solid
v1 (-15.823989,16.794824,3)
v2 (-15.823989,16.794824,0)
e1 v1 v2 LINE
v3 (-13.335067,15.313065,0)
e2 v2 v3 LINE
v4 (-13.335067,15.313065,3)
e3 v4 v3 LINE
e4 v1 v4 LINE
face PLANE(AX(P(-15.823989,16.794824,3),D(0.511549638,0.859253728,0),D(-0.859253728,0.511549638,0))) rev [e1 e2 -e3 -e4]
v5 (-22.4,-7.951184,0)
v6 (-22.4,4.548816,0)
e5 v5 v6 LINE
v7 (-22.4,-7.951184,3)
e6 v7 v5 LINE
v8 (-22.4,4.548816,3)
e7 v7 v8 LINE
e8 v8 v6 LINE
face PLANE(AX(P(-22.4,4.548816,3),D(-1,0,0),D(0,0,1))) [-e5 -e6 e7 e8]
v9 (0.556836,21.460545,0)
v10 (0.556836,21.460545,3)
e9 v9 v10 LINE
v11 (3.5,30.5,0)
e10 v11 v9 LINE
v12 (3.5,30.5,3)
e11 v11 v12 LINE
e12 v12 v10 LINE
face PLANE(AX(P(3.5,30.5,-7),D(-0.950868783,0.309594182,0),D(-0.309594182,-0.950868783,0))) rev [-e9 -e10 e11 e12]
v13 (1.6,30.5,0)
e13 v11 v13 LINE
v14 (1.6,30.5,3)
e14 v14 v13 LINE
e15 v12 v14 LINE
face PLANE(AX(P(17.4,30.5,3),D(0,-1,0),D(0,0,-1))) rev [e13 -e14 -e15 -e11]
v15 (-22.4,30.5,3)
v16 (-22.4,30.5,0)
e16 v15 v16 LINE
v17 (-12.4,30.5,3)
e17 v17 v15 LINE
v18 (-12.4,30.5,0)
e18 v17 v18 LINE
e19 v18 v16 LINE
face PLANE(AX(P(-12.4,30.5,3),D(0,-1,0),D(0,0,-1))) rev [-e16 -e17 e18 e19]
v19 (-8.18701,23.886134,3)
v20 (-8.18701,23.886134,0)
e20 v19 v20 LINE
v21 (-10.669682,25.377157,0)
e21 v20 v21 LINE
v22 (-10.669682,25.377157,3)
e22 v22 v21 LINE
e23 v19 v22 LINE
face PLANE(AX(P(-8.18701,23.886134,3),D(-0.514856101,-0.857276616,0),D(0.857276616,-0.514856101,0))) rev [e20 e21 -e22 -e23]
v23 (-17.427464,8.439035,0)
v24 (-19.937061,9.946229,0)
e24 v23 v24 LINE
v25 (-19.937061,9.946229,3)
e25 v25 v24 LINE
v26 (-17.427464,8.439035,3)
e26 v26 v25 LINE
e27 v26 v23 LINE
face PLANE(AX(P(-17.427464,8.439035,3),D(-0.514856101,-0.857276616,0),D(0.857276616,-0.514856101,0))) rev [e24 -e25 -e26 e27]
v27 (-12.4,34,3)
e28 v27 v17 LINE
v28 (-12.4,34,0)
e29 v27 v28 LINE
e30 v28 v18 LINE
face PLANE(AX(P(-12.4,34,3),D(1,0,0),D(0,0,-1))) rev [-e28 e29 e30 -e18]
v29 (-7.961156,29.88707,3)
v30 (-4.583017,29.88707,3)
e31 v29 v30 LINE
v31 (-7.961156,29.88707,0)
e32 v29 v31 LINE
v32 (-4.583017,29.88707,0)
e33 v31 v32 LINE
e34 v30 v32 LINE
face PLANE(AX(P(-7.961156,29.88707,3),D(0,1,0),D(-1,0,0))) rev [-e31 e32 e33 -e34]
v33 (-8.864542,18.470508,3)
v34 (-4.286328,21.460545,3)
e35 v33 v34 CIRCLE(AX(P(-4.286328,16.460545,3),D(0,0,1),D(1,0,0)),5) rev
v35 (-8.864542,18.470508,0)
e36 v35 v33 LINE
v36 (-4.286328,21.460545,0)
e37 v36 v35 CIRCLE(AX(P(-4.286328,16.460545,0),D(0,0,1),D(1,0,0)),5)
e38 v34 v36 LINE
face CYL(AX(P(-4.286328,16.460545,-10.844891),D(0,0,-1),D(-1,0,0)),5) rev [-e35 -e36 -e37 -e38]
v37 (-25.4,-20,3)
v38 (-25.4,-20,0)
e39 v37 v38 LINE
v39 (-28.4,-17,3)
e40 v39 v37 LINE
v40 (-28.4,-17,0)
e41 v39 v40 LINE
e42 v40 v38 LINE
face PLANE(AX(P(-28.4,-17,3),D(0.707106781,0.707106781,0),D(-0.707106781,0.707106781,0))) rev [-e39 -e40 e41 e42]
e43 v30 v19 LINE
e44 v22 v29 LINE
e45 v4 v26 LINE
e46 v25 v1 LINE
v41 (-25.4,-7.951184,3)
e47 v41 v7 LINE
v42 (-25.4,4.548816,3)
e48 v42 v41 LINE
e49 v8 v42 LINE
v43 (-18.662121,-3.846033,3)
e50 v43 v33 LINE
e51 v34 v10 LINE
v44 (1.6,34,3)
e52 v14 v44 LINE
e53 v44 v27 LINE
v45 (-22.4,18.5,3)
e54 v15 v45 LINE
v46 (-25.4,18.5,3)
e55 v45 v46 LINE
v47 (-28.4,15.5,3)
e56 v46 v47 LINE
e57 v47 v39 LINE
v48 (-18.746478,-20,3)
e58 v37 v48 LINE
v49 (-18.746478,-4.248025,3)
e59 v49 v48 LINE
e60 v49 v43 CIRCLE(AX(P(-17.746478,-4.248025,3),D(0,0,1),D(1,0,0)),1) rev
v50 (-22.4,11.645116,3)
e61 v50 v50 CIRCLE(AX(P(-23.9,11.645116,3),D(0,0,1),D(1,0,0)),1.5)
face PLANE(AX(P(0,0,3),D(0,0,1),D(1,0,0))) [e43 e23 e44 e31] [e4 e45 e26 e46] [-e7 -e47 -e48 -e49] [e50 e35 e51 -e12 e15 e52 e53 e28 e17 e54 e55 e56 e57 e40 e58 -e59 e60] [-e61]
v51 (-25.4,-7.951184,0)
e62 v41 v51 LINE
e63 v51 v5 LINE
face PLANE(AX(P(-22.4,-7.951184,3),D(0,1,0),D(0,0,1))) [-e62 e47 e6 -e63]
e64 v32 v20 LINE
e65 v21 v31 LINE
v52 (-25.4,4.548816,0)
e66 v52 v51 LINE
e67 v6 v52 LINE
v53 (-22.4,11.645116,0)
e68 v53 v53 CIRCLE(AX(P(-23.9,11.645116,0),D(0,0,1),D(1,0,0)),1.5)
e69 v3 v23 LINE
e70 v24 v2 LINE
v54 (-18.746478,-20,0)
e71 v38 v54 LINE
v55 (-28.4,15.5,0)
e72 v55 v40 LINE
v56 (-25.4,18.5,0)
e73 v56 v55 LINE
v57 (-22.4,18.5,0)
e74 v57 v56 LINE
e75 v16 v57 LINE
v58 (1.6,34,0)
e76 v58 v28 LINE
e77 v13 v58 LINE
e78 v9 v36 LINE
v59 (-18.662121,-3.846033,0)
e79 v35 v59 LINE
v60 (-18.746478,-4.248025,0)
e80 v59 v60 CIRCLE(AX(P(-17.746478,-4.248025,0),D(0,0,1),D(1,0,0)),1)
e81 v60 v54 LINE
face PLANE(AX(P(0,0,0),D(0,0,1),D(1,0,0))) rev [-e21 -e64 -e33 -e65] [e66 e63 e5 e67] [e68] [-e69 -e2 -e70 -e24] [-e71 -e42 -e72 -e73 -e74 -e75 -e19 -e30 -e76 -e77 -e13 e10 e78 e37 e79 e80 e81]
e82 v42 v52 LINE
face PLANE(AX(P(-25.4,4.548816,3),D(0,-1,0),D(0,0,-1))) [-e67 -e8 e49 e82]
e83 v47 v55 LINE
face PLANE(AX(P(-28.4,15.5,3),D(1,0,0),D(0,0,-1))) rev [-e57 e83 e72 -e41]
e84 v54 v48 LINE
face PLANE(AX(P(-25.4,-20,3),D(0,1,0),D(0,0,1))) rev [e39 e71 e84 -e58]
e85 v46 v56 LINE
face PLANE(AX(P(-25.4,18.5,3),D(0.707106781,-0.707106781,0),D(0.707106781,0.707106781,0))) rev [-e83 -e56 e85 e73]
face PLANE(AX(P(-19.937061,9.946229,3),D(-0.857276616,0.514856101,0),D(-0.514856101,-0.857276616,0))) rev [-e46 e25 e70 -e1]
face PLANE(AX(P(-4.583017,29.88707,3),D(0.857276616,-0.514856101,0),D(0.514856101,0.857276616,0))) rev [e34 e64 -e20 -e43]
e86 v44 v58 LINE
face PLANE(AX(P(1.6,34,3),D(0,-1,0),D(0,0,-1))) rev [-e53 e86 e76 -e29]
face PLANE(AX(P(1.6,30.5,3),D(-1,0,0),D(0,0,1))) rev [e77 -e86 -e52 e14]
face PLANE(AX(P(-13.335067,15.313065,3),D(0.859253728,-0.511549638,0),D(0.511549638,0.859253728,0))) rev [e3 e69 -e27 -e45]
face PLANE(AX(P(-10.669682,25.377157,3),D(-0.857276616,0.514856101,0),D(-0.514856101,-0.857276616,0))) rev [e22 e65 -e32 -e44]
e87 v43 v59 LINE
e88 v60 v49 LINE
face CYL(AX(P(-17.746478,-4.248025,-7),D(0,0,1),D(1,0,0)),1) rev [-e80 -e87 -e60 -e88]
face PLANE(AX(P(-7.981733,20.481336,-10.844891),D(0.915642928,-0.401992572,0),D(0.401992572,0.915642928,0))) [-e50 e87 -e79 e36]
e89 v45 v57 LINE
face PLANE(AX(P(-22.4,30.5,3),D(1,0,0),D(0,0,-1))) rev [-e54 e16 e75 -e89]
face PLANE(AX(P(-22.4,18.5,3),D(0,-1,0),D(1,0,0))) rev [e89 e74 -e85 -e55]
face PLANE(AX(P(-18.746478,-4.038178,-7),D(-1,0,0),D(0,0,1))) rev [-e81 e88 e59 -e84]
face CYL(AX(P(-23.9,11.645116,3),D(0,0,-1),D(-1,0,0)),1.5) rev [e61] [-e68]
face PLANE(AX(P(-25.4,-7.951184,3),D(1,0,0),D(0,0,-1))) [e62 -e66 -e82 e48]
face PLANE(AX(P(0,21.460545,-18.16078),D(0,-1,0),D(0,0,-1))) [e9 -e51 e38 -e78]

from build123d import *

# Parameters (mm, degrees)
SKETCH_1_R           = 1.5
SKETCH_1_W           = 3
SKETCH_1_H           = 12.5
EXTRUDE_1_DEPTH      = 3
SKETCH_2_W           = 3
SKETCH_2_H           = 15
SKETCH_2_H_2         = 10
CUT_EXTRUDE_1_DEPTH  = 5
CUT_EXTRUDE_2_DEPTH  = 45.402252195
CUT_EXTRUDE_3_DEPTH  = 10
CUT_EXTRUDE_4_DEPTH  = 10
EXTRUDE_2_DEPTH      = 3
EXTRUDE_3_DEPTH      = 3
CUT_EXTRUDE_5_DEPTH  = 8
FILLET_2_R           = 5
EXTRUDE_START        = -3
EXTRUDE_4_DEPTH      = 3
FILLET_3_R           = 2
EXTRUDE_5_DEPTH      = 3
FILLET_4_R           = 2
CUT_EXTRUDE_6_DEPTH  = 6
CUT_EXTRUDE_7_DEPTH  = 10
CUT_EXTRUDE_8_DEPTH  = 10
SKETCH_17_W          = 7
SKETCH_17_H          = 6.292526031
CUT_EXTRUDE_9_DEPTH  = 5
SKETCH_18_W          = 19.9
SKETCH_18_H          = 3.108254453
CUT_EXTRUDE_10_DEPTH = 45.402252195
EXTRUDE_6_DEPTH      = 3
SKETCH_20_W          = 3
SKETCH_20_H          = 12.985743467
EXTRUDE_7_DEPTH      = 7
EXTRUDE_9_DEPTH      = 3
EXTRUDE_10_DEPTH     = 5
EXTRUDE_11_DEPTH     = 3
FILLET_7_R           = 5
CUT_EXTRUDE_11_DEPTH = 10
FILLET_8_R           = 10
CUT_EXTRUDE_13_DEPTH = 10
SKETCH_32_W          = 3
SKETCH_32_H          = 8.565761419
EXTRUDE_12_DEPTH     = 0.5
FILLET_10_R          = 3
SKETCH_33_W          = 3
SKETCH_33_H          = 9.039454816
CUT_EXTRUDE_14_DEPTH = 5
CUT_EXTRUDE_15_DEPTH = 10
CUT_EXTRUDE_START    = -10
CUT_EXTRUDE_16_DEPTH = 10
CUT_EXTRUDE_18_DEPTH = 3
CUT_EXTRUDE_19_DEPTH = 10
CUT_EXTRUDE_20_DEPTH = 10
FILLET_11_R          = 1


with BuildPart() as part:
    # 草图1 → 凸台-拉伸1 (new body)
    with BuildSketch(Plane.XY):
        Polygon((-28.4, -17), (-25.4, -20), (-22.4, -20), (-22.4, -27.5), (17.4, -27.5), (17.4, -20), (22.4, -20), (22.4, -5), (17.4, -5), (17.4, 10), (22.4, 10), (22.4, 20), (17.4, 20), (17.4, 30.5), (1.6, 30.5), (1.6, 34), (-12.4, 34), (-12.4, 30.5), (-22.4, 30.5), (-22.4, 18.5), (-25.4, 18.5), (-28.4, 15.5), align=None)
        with Locations((-23.9, 11.645115951)):
            Circle(SKETCH_1_R, mode=Mode.SUBTRACT)
        with Locations((-23.9, -1.701184373)):
            Rectangle(SKETCH_1_W, SKETCH_1_H, mode=Mode.SUBTRACT)
        with BuildLine():
            Line((-0.943408492, 20.723063417), (-16.494006981, -16.074007029))
            ThreePointArc((-16.494006981, -16.074007029), (-16.597951499, -16.391745547), (-16.647518347, -16.722359153))
            Line((-16.647518347, -16.722359153), (-16.87747423, -20.247507648))
            ThreePointArc((-16.87747423, -20.247507648), (-16.341232813, -21.745107114), (-14.881716036, -22.377696869))
            Line((-14.881716036, -22.377696869), (7.4, -22.377696869))
            ThreePointArc((7.4, -22.377696869), (8.814213562, -21.791910432), (9.4, -20.377696869))
            Line((9.4, -20.377696869), (9.4, 19.944522071))
            ThreePointArc((9.4, 19.944522071), (8.814213562, 21.358735634), (7.4, 21.944522071))
            Line((7.4, 21.944522071), (0.898838335, 21.944522071))
            ThreePointArc((0.898838335, 21.944522071), (-0.206357871, 21.611417792), (-0.943408492, 20.723063417))
        make_face(mode=Mode.SUBTRACT)
    extrude(amount=EXTRUDE_1_DEPTH)

    # 草图2 → 切除-拉伸1 (cut)
    with BuildSketch(Plane(origin=(22.4, 0, 0), x_dir=(0, 0, -1), z_dir=(1, 0, 0))):
        with Locations((-1.5, -12.5)):
            Rectangle(SKETCH_2_W, SKETCH_2_H)
        with Locations((-1.5, 15)):
            Rectangle(SKETCH_2_W, SKETCH_2_H_2)
    extrude(amount=-CUT_EXTRUDE_1_DEPTH, mode=Mode.SUBTRACT)

    # 草图4 → 切除-拉伸2 (cut, through all)
    with BuildSketch(Plane(origin=(0, 0, 0), x_dir=(-1, 0, 0), z_dir=(0, 0, -1))):
        Polygon((-7.4, 21.944522071), (-17.4, 21.944522071), (-17.4, 1.5), (-9.4, 1.5), align=None)
    extrude(amount=-CUT_EXTRUDE_2_DEPTH, mode=Mode.SUBTRACT)

    # 草图5 → 切除-拉伸3 (cut)
    with BuildSketch(Plane(origin=(0, 0, 0), x_dir=(-1, 0, 0), z_dir=(0, 0, -1))):
        Polygon((-7.4, -22.377696869), (-17.4, -22.377696869), (-17.4, 1.5), (-9.4, 1.5), align=None)
    extrude(amount=-CUT_EXTRUDE_3_DEPTH, mode=Mode.SUBTRACT)

    # 草图6 → 切除-拉伸4 (cut)
    with BuildSketch(Plane(origin=(0, 0, 0), x_dir=(-1, 0, 0), z_dir=(0, 0, -1))):
        Polygon((-0.898838335, 21.944522071), (10.541314431, 21.944522071), (16.597951499, -16.391745547), align=None)
    extrude(amount=-CUT_EXTRUDE_4_DEPTH, mode=Mode.SUBTRACT)

    # 草图8 → 凸台-拉伸2 (add)
    with BuildSketch(Plane(origin=(0, 0, 0), x_dir=(-1, 0, 0), z_dir=(0, 0, -1))):
        with BuildLine():
            Line((14.881716036, -22.377696869), (-17.4, -22.377696869))
            Line((-17.4, -22.377696869), (-17.4, -16.722359153))
            Line((-17.4, -16.722359153), (16.647518347, -16.722359153))
            Line((16.647518347, -16.722359153), (16.87747423, -20.247507648))
            ThreePointArc((16.87747423, -20.247507648), (16.341232813, -21.745107114), (14.881716036, -22.377696869))
        make_face()
    extrude(amount=-EXTRUDE_2_DEPTH)

    # 草图9 → 凸台-拉伸3 (add)
    with BuildSketch(Plane(origin=(0, 0, 0), x_dir=(-1, 0, 0), z_dir=(0, 0, -1))):
        with BuildLine():
            Line((16.647518347, -16.722359153), (-17.4, -16.722359153))
            Line((-17.4, -16.722359153), (-17.4, -16.391745547))
            Line((-17.4, -16.391745547), (16.597951499, -16.391745547))
            ThreePointArc((16.597951499, -16.391745547), (16.629654964, -16.556014871), (16.647518347, -16.722359153))
        make_face()
    extrude(amount=-EXTRUDE_3_DEPTH)

    # 草图10 → 切除-拉伸5 (cut)
    with BuildSketch(Plane(origin=(0, 0, 0), x_dir=(-1, 0, 0), z_dir=(0, 0, -1))):
        Polygon((16.597951499, -16.391745547), (-17.4, -16.391745547), (-17.4, -18.391745547), (16.913925768, -18.391745547), align=None)
    extrude(amount=-CUT_EXTRUDE_5_DEPTH, mode=Mode.SUBTRACT)

    # 圆角2
    fillet_2_edges = [part.edges().sort_by_distance(p)[0] for p in [
        (-10.541314431, 21.944522071, 1.5),
    ]]
    fillet(fillet_2_edges, radius=FILLET_2_R)

    # 草图11 → 凸台-拉伸4 (add)
    with BuildSketch(Plane(origin=(0, 0, 0), x_dir=(-1, 0, 0), z_dir=(0, 0, -1)).offset(EXTRUDE_START)):
        with BuildLine():
            Line((6.269234856, 21.944522071), (11.207979364, 17.724780164))
            ThreePointArc((11.207979364, 17.724780164), (9.517211883, 20.745922501), (6.269234856, 21.944522071))
        make_face()
    extrude(amount=EXTRUDE_4_DEPTH)

    # 圆角3
    fillet_3_edges = [part.edges().sort_by_distance(p)[0] for p in [
        (-6.269234856, 21.944522071, 1.5),
        (-11.207979364, 17.724780164, 1.5),
    ]]
    fillet(fillet_3_edges, radius=FILLET_3_R)

    # 草图12 → 凸台-拉伸5 (add)
    with BuildSketch(Plane.XY.offset(3)):
        with BuildLine():
            Line((-7.981733094, 20.481336322), (-10.646847695, 18.204219992))
            ThreePointArc((-10.646847695, 18.204219992), (-11.092932914, 17.660394983), (-11.323154687, 16.995763057))
            Line((-11.323154687, 16.995763057), (-12.341298757, 10.55128849))
            Line((-12.341298757, 10.55128849), (-7.981733094, 20.481336322))
        make_face()
    extrude(amount=-EXTRUDE_5_DEPTH)

    # 圆角4
    fillet_4_edges = [part.edges().sort_by_distance(p)[0] for p in [
        (-7.981733094, 20.481336322, 1.5),
        (-12.341298757, 10.55128849, 1.5),
    ]]
    fillet(fillet_4_edges, radius=FILLET_4_R)

    # 草图14 → 切除-拉伸6 (cut)
    with BuildSketch(Plane.XY.offset(3)):
        with BuildLine():
            Line((-8.165767584, 20.062149772), (-6.345855602, 24.207473969))
            Line((-6.345855602, 24.207473969), (17.4, 24.207473969))
            Line((17.4, 24.207473969), (17.4, 21.944522071))
            Line((17.4, 21.944522071), (-5.531175714, 21.944522071))
            ThreePointArc((-5.531175714, 21.944522071), (-6.223591649, 21.820837655), (-6.830366525, 21.465082243))
            Line((-6.830366525, 21.465082243), (-7.633672538, 20.7787248))
            ThreePointArc((-7.633672538, 20.7787248), (-7.940203056, 20.450498062), (-8.165767584, 20.062149772))
        make_face()
    extrude(amount=-CUT_EXTRUDE_6_DEPTH, mode=Mode.SUBTRACT)

    # 草图15 → 切除-拉伸7 (cut)
    with BuildSketch(Plane.XY.offset(3)):
        Polygon((17.4, -18.391745547), (17.4, -22.391745547), (-17.545874306, -22.391745547), (-16.913925768, -18.391745547), align=None)
    extrude(amount=-CUT_EXTRUDE_7_DEPTH, mode=Mode.SUBTRACT)

    # 草图16 → 切除-拉伸8 (cut)
    with BuildSketch(Plane.XY.offset(3)):
        Polygon((17.4, -22.391745547), (17.4, -24.391745547), (-17.861848575, -24.391745547), (-17.545874306, -22.391745547), align=None)
    extrude(amount=-CUT_EXTRUDE_8_DEPTH, mode=Mode.SUBTRACT)

    # 草图17 → 切除-拉伸9 (cut)
    with BuildSketch(Plane.XY.offset(3)):
        with Locations((13.9, 27.353736985)):
            Rectangle(SKETCH_17_W, SKETCH_17_H)
    extrude(amount=-CUT_EXTRUDE_9_DEPTH, mode=Mode.SUBTRACT)

    # 草图18 → 切除-拉伸10 (cut, through all)
    with BuildSketch(Plane.XY.offset(3)):
        with Locations((7.45, -25.945872773)):
            Rectangle(SKETCH_18_W, SKETCH_18_H)
    extrude(amount=-CUT_EXTRUDE_10_DEPTH, mode=Mode.SUBTRACT)

    # 草图19 → 凸台-拉伸6 (add)
    with BuildSketch(Plane.XY.offset(3)):
        Polygon((10.4, -27.5), (10.4, -14.514256533), (-16.30133239, -14.514256533), (-17.861848575, -24.391745547), (-2.5, -24.391745547), (-2.5, -27.5), align=None)
    extrude(amount=-EXTRUDE_6_DEPTH)

    # 草图20 → 凸台-拉伸7 (add)
    with BuildSketch(Plane(origin=(10.4, 0, 0), x_dir=(0, 0, -1), z_dir=(1, 0, 0))):
        with Locations((-1.5, -21.007128267)):
            Rectangle(SKETCH_20_W, SKETCH_20_H)
    extrude(amount=EXTRUDE_7_DEPTH)

    # 草图22 → 凸台-拉伸9 (add)
    with BuildSketch(Plane.XY.offset(3)):
        Polygon((-16.220086474, -14), (-16.30133239, -14.514256533), (17.4, -14.514256533), (17.4, -14), align=None)
    extrude(amount=-EXTRUDE_9_DEPTH)

    # 草图23 → 凸台-拉伸10 (add)
    with BuildSketch(Plane(origin=(17.4, 0, 0), x_dir=(0, 0, -1), z_dir=(1, 0, 0))):
        Polygon((0, -16.75), (-3, -16.75), (-3, -20.75), (-3, -24.75), (0, -24.75), align=None)
    extrude(amount=EXTRUDE_10_DEPTH)

    # 草图25 → 凸台-拉伸11 (add)
    with BuildSketch(Plane.XY.offset(3)):
        Polygon((10.4, 21.460545184), (10.4, 24.207473969), (-6.345855602, 24.207473969), (-7.551833319, 21.460545184), align=None)
    extrude(amount=-EXTRUDE_11_DEPTH)

    # 圆角7
    fillet_7_edges = [part.edges().sort_by_distance(p)[0] for p in [
        (-7.551833319, 21.460545184, 1.5),
    ]]
    fillet(fillet_7_edges, radius=FILLET_7_R)

    # 草图26 → 切除-拉伸11 (cut)
    with BuildSketch(Plane.XY.offset(3)):
        Polygon((-16.220086474, -14), (-17.468499422, -21.901991212), (12.322607147, -22.558990573), (12.322607147, -14), align=None)
    extrude(amount=-CUT_EXTRUDE_11_DEPTH, mode=Mode.SUBTRACT)

    # 圆角8
    fillet_8_edges = [part.edges().sort_by_distance(p)[0] for p in [
        (-17.468499422, -21.901991212, 1.5),
    ]]
    fillet(fillet_8_edges, radius=FILLET_8_R)

    # 草图30 → 切除-拉伸13 (cut)
    with BuildSketch(Plane.XY.offset(3)):
        Polygon((13.4, -14), (12.322607147, -14), (12.322607147, -22.558990573), (13.4, -22.565761419), align=None)
    extrude(amount=-CUT_EXTRUDE_13_DEPTH, mode=Mode.SUBTRACT)

    # 草图32 → 凸台-拉伸12 (add)
    with BuildSketch(Plane.ZY.offset(-13.4)):
        with Locations((1.5, -18.282880709)):
            Rectangle(SKETCH_32_W, SKETCH_32_H)
    extrude(amount=EXTRUDE_12_DEPTH)

    # 圆角10
    fillet_10_edges = [part.edges().sort_by_distance(p)[0] for p in [
        (12.9, -22.562619183, 1.5),
    ]]
    fillet(fillet_10_edges, radius=FILLET_10_R)

    # 草图33 → 切除-拉伸14 (cut)
    with BuildSketch(Plane(origin=(10.4, 0, 0), x_dir=(0, 0, -1), z_dir=(1, 0, 0))):
        with Locations((-1.5, 25.980272592)):
            Rectangle(SKETCH_33_W, SKETCH_33_H)
    extrude(amount=-CUT_EXTRUDE_14_DEPTH, mode=Mode.SUBTRACT)

    # 草图34 → 切除-拉伸15 (cut)
    with BuildSketch(Plane.XY.offset(3)):
        Polygon((5.4, 30.5), (3.5, 30.5), (0.556836157, 21.460545184), (5.4, 21.460545184), align=None)
    extrude(amount=-CUT_EXTRUDE_15_DEPTH, mode=Mode.SUBTRACT)

    # 草图35 → 切除-拉伸16 (cut)
    with BuildSketch(Plane.XY.offset(3).offset(CUT_EXTRUDE_START)):
        with BuildLine():
            Line((-15.804851594, -12.15767545), (-15.803484574, -27.5))
            Line((-15.803484574, -27.5), (17.4, -27.5))
            Line((17.4, -27.5), (17.4, -24.75))
            Line((17.4, -24.75), (22.4, -24.75))
            Line((22.4, -24.75), (22.4, -16.75))
            Line((22.4, -16.75), (17.4, -16.75))
            Line((17.4, -16.75), (17.4, -14))
            Line((17.4, -14), (12.9, -14))
            Line((12.9, -14), (12.9, -19.50483406))
            ThreePointArc((12.9, -19.50483406), (11.997804375, -21.649412528), (9.833855463, -22.504104788))
            Line((9.833855463, -22.504104788), (-6.025333424, -22.154353531))
            ThreePointArc((-6.025333424, -22.154353531), (-12.953134992, -19.149784154), (-15.804851594, -12.15767545))
        make_face()
    extrude(amount=CUT_EXTRUDE_16_DEPTH, mode=Mode.SUBTRACT)

    # 草图37 → 切除-拉伸18 (cut)
    with BuildSketch(Plane(origin=(173.343153128, -117.958562534, 0), x_dir=(1, 0, 0), z_dir=(0, 0, -1))):
        Polygon((-181.304308857, -147.845632777), (-177.926170185, -147.845632777), (-181.530162889, -141.844696468), (-184.012835358, -143.335719369), align=None)
        Polygon((-189.167141698, -134.753386772), (-186.678220059, -133.271627751), (-190.77061716, -126.39759793), (-193.280214591, -127.904791202), align=None)
    extrude(amount=-CUT_EXTRUDE_18_DEPTH, mode=Mode.SUBTRACT)

    # 草图38 → 切除-拉伸19 (cut)
    with BuildSketch(Plane.XY.offset(3)):
        Polygon((-22.4, -20), (-22.4, -27.5), (-15.803484574, -27.5), (-15.804152833, -20), align=None)
    extrude(amount=-CUT_EXTRUDE_19_DEPTH, mode=Mode.SUBTRACT)

    # 草图39 → 切除-拉伸20 (cut)
    with BuildSketch(Plane.XY.offset(3).offset(CUT_EXTRUDE_START)):
        with BuildLine():
            Line((-12.381626222, 10.296030584), (-12.237414276, 10.787912491))
            Line((-12.237414276, 10.787912491), (-18.746477977, -4.038177739))
            Line((-18.746477977, -4.038177739), (-18.746477977, -20))
            Line((-18.746477977, -20), (-15.804152833, -20))
            Line((-15.804152833, -20), (-15.804851594, -12.15767545))
            ThreePointArc((-15.804851594, -12.15767545), (-15.774211698, -11.374569696), (-15.682340648, -10.596268253))
            Line((-15.682340648, -10.596268253), (-12.381626222, 10.296030584))
        make_face()
    extrude(amount=CUT_EXTRUDE_20_DEPTH, mode=Mode.SUBTRACT)

    # 圆角11
    fillet_11_edges = [part.edges().sort_by_distance(p)[0] for p in [
        (-18.746477977, -4.038177739, 1.5),
    ]]
    fillet(fillet_11_edges, radius=FILLET_11_R)


solid = part.part
